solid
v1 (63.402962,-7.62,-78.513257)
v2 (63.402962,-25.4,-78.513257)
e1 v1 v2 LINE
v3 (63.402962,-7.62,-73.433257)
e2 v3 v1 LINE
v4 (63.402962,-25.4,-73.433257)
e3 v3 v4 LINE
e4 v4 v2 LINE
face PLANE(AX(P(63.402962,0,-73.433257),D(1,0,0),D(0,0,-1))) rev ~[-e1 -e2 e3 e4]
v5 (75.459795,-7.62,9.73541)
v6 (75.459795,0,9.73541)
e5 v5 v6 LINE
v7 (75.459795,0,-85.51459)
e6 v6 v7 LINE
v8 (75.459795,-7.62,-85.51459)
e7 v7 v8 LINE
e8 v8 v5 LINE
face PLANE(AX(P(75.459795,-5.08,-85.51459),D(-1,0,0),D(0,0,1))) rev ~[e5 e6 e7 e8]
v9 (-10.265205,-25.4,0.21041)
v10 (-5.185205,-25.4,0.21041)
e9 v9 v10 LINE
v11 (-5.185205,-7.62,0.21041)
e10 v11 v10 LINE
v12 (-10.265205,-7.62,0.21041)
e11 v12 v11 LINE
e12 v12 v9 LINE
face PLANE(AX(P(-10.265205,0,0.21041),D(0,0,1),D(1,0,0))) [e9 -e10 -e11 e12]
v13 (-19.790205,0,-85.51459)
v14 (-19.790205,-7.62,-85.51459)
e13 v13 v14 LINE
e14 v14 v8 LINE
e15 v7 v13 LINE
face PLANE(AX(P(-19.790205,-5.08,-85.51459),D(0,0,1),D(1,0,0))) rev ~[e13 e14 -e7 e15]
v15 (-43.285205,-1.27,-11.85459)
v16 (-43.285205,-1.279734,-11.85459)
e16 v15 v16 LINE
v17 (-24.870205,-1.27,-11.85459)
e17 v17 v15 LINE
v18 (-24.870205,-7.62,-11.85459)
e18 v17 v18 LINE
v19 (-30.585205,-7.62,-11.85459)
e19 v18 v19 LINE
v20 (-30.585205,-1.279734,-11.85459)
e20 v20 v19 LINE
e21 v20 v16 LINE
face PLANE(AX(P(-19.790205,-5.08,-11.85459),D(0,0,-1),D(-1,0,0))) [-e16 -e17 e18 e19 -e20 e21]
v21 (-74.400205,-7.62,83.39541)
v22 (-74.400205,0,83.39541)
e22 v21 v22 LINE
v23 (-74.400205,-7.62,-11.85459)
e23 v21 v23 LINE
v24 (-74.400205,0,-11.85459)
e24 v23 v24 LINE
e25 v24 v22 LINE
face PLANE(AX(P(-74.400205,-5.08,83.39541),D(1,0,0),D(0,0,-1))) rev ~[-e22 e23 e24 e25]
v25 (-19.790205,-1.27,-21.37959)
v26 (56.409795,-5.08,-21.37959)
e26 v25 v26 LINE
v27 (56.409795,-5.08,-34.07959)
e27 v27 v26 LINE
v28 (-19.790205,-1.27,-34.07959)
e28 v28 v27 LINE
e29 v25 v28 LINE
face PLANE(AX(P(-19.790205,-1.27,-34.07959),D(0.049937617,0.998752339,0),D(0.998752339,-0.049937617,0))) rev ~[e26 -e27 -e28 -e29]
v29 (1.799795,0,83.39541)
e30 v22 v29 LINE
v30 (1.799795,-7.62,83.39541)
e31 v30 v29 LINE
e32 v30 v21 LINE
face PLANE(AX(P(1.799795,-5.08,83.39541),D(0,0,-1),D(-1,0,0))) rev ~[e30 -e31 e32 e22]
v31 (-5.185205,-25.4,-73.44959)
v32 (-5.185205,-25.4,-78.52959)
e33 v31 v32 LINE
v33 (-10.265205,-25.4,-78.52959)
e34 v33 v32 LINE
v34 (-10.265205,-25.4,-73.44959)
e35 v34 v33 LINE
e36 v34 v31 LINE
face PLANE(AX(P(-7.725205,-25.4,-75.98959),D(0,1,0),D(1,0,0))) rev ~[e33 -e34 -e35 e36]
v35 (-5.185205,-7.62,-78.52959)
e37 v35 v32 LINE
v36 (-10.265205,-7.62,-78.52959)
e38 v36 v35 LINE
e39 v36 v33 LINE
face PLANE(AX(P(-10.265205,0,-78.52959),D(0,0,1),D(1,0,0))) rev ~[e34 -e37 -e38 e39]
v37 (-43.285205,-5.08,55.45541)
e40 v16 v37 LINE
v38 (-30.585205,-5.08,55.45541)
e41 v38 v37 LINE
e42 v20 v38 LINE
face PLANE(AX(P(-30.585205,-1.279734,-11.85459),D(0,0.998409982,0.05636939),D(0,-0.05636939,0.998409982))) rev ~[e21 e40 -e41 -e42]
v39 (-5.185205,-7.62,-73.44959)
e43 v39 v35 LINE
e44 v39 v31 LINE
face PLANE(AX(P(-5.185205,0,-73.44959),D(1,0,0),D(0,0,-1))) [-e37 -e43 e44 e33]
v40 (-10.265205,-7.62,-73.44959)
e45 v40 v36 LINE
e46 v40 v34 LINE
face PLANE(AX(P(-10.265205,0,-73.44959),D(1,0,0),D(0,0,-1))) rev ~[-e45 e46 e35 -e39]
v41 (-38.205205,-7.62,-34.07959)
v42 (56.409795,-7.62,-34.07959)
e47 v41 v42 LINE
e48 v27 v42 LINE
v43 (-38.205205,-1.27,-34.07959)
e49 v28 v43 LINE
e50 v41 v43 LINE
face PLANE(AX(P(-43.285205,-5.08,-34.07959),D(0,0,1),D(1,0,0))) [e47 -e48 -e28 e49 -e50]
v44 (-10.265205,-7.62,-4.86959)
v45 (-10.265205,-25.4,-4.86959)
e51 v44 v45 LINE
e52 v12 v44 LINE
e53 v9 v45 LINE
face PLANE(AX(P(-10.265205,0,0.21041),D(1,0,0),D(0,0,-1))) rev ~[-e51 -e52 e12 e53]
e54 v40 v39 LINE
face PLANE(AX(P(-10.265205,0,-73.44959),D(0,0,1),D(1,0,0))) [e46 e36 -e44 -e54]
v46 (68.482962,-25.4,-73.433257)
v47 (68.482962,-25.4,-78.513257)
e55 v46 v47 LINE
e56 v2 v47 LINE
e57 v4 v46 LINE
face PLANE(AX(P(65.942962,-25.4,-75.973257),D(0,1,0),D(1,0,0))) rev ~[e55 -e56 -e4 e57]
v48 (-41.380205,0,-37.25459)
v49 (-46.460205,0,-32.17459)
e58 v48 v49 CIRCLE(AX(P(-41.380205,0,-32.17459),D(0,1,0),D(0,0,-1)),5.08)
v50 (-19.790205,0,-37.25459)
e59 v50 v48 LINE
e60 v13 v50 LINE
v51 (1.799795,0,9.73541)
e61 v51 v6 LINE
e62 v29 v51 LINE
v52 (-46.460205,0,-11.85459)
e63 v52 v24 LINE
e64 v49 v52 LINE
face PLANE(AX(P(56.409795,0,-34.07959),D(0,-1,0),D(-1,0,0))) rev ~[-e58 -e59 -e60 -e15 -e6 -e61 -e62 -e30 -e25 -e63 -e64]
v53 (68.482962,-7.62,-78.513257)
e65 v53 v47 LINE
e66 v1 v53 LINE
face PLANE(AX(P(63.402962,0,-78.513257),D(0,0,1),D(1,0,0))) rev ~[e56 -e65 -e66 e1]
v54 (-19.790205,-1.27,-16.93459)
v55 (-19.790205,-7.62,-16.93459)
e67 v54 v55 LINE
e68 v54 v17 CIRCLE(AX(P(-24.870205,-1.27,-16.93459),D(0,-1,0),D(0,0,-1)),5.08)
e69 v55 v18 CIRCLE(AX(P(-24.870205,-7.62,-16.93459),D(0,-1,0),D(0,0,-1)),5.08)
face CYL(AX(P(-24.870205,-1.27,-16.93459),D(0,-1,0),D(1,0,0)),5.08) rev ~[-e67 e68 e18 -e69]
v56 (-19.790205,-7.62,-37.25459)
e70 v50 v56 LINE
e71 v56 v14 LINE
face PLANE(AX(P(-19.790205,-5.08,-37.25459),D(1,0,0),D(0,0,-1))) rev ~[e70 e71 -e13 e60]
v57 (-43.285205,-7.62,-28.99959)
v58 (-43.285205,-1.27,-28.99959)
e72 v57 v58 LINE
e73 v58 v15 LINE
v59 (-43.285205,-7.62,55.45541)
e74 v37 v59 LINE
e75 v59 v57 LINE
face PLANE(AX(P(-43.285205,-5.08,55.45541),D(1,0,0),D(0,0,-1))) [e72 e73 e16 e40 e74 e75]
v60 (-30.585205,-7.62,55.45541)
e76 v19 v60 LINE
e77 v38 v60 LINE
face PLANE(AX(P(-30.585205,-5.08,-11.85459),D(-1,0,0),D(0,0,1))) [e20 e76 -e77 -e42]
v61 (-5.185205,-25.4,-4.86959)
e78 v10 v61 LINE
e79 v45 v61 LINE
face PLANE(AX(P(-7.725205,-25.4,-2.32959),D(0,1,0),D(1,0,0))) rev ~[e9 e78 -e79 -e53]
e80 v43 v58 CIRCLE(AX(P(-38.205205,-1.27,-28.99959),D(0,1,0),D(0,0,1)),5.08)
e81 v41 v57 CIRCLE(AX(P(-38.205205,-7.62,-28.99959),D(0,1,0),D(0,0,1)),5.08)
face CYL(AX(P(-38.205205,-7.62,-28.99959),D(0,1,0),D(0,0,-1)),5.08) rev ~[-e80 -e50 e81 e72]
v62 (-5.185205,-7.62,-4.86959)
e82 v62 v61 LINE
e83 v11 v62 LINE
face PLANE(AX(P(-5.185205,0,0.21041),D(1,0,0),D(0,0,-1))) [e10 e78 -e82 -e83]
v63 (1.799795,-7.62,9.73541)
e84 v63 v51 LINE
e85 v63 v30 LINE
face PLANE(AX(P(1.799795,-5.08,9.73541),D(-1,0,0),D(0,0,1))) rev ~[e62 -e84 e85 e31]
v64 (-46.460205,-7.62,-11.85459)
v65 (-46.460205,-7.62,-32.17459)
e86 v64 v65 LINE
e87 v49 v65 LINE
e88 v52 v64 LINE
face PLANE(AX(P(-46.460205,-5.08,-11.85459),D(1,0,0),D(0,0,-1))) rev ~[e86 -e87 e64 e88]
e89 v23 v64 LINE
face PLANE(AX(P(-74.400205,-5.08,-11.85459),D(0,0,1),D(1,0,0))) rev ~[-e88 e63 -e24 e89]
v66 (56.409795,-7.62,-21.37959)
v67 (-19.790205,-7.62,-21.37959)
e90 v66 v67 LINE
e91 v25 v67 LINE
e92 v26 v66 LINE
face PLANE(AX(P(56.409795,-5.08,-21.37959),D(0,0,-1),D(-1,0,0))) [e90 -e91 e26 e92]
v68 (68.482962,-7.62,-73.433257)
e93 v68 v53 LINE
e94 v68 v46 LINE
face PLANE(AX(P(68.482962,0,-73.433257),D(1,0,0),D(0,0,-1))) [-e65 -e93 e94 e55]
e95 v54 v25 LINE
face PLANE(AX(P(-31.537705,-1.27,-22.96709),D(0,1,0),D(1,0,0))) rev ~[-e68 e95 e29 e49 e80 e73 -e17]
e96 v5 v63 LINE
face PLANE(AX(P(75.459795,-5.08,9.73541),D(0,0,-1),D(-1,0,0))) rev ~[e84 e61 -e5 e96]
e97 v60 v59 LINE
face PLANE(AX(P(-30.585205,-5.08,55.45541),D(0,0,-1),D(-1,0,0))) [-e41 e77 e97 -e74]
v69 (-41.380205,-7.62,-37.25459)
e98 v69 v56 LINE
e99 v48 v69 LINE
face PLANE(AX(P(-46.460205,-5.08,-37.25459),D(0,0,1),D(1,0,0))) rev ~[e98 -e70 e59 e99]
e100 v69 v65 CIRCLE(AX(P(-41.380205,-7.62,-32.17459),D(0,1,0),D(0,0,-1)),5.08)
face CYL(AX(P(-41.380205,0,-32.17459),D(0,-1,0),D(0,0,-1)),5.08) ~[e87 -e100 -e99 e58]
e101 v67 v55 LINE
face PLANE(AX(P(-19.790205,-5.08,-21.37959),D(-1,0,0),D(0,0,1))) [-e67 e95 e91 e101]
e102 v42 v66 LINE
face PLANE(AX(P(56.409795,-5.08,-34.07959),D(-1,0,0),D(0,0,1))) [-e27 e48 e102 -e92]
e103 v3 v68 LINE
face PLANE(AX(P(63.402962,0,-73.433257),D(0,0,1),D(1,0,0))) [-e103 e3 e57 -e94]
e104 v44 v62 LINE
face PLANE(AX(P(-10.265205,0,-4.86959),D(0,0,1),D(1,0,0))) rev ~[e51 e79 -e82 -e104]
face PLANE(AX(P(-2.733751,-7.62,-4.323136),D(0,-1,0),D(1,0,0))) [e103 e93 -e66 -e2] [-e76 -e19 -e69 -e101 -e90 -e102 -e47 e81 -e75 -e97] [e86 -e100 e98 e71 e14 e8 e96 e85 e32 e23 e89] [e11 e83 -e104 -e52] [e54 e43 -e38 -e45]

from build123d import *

# Parameters (mm, degrees)
SKETCH1_W            = 5.08
SKETCH1_H            = 5.08
BOSS_EXTRUDE2_DEPTH  = 5.08
BOSS_EXTRUDE7_DEPTH  = 5.08
BOSS_EXTRUDE8_DEPTH  = 1.27
BOSS_EXTRUDE9_DEPTH  = 12.7
BOSS_EXTRUDE10_DEPTH = 12.7
SKETCH1_5_W          = 5.08
SKETCH1_5_H          = 5.08
BOSS_EXTRUDE12_DEPTH = 25.4
BOSS_EXTRUDE13_DEPTH = 2.54
FILLET4_R            = 5.08


with BuildPart() as part:
    # Sketch1 → Boss-Extrude2 (new body)
    with BuildSketch(Plane(origin=(0, 0, 0), x_dir=(1, 0, 0), z_dir=(0, 1, 0))):
        Polygon((1.79979496, -9.735410081), (75.45979496, -9.735410081), (75.45979496, 85.514589919), (-19.79020504, 85.514589919), (-19.79020504, 34.079589919), (18.30979496, 34.079589919), (19.57979496, 34.079589919), (24.02479496, 34.079589919), (25.29479496, 34.079589919), (29.73979496, 34.079589919), (31.00979496, 34.079589919), (43.70979496, 34.079589919), (44.97979496, 34.079589919), (49.42479496, 34.079589919), (50.69479496, 34.079589919), (55.13979496, 34.079589919), (56.40979496, 34.079589919), (56.40979496, 21.379589919), (55.13979496, 21.379589919), (50.69479496, 21.379589919), (49.42479496, 21.379589919), (44.97979496, 21.379589919), (43.70979496, 21.379589919), (31.00979496, 21.379589919), (29.73979496, 21.379589919), (25.29479496, 21.379589919), (24.02479496, 21.379589919), (19.57979496, 21.379589919), (18.30979496, 21.379589919), (-19.79020504, 21.379589919), (-19.79020504, 11.854589919), (-30.58520504, 11.854589919), (-30.58520504, -28.571024106), (-30.58520504, -41.271024106), (-30.58520504, -42.755410081), (-30.58520504, -55.455410081), (-31.85520504, -55.455410081), (-36.30020504, -55.455410081), (-37.57020504, -55.455410081), (-42.01520504, -55.455410081), (-43.28520504, -55.455410081), (-43.28520504, -42.755410081), (-43.28520504, -41.271024106), (-43.28520504, -28.571024106), (-43.28520504, 11.854589919), (-74.40020504, 11.854589919), (-74.40020504, -83.395410081), (1.79979496, -83.395410081), align=None)
        with Locations((-7.72520504, 2.329589919)):
            Rectangle(SKETCH1_W, SKETCH1_H, mode=Mode.SUBTRACT)
        with Locations((-7.72520504, 75.989589919)):
            Rectangle(SKETCH1_W, SKETCH1_H, mode=Mode.SUBTRACT)
        with Locations((65.942961522, 75.973256793)):
            Rectangle(SKETCH1_W, SKETCH1_H, mode=Mode.SUBTRACT)
    extrude(amount=-BOSS_EXTRUDE2_DEPTH)

    # Sketch4 → Boss-Extrude7 (add)
    with BuildSketch(Plane(origin=(0, 0, 0), x_dir=(1, 0, 0), z_dir=(0, 1, 0))):
        Polygon((-46.46020504, 11.854589919), (-43.28520504, 11.854589919), (-43.28520504, 34.079589919), (-19.79020504, 34.079589919), (-19.79020504, 37.254589919), (-46.46020504, 37.254589919), align=None)
    extrude(amount=-BOSS_EXTRUDE7_DEPTH)



with BuildPart() as body_2:
    # Sketch4<5> → Boss-Extrude8 (new body)
    with BuildSketch(Plane(origin=(0, 0, 0), x_dir=(1, 0, 0), z_dir=(0, 1, 0))):
        Polygon((-30.58520504, 11.854589919), (-19.79020504, 11.854589919), (-19.79020504, 21.379589919), (-19.79020504, 34.079589919), (-43.28520504, 34.079589919), (-43.28520504, 11.854589919), align=None)
    extrude(amount=-BOSS_EXTRUDE8_DEPTH)


with BuildPart() as part_1:
    add(part.part)

    add(body_2.part)  # Boss-Extrude9 merges body 2
    # Sketch5 → Boss-Extrude9 (add)
    with BuildSketch(Plane.ZY.offset(30.58520504)):
        Polygon((55.455410081, -5.08), (55.455410081, 0), (-11.854589919, 0), (-11.854589919, -1.279733849), align=None)
    extrude(amount=BOSS_EXTRUDE9_DEPTH)

    # Sketch6 → Boss-Extrude10 (add)
    with BuildSketch(Plane.XY.offset(-34.079589919)):
        Polygon((56.40979496, -5.08), (56.40979496, 0), (-19.79020504, 0), (-19.79020504, -1.27), align=None)
    extrude(amount=BOSS_EXTRUDE10_DEPTH)

    # Sketch1<5> → Boss-Extrude12 (add)
    with BuildSketch(Plane(origin=(0, 0, 0), x_dir=(1, 0, 0), z_dir=(0, 1, 0))):
        with Locations((-7.72520504, 75.989589919)):
            Rectangle(SKETCH1_5_W, SKETCH1_5_H)
        with Locations((65.942961522, 75.973256793)):
            Rectangle(SKETCH1_5_W, SKETCH1_5_H)
        with Locations((-7.72520504, 2.329589919)):
            Rectangle(SKETCH1_5_W, SKETCH1_5_H)
    extrude(amount=-BOSS_EXTRUDE12_DEPTH)

    # Sketch7 → Boss-Extrude13 (add)
    with BuildSketch(Plane.XZ.offset(5.08)):
        Polygon((-74.40020504, -11.854589919), (-46.46020504, -11.854589919), (-46.46020504, -37.254589919), (-19.79020504, -37.254589919), (-19.79020504, -85.514589919), (75.45979496, -85.514589919), (75.45979496, 9.735410081), (1.79979496, 9.735410081), (1.79979496, 83.395410081), (-74.40020504, 83.395410081), align=None)
        Polygon((-30.58520504, 55.455410081), (-43.28520504, 55.455410081), (-43.28520504, -34.079589919), (56.40979496, -34.079589919), (56.40979496, -21.379589919), (-19.79020504, -21.379589919), (-19.79020504, -11.854589919), (-30.58520504, -11.854589919), align=None, mode=Mode.SUBTRACT)
    extrude(amount=BOSS_EXTRUDE13_DEPTH)

    # Fillet4
    fillet4_edges = [part_1.edges().sort_by_distance(p)[0] for p in [
        (-43.28520504, -4.445, -34.079589919),
        (-46.46020504, -3.81, -37.254589919),
        (-19.79020504, -4.445, -11.854589919),
    ]]
    fillet(fillet4_edges, radius=FILLET4_R)


solid = part_1.part
